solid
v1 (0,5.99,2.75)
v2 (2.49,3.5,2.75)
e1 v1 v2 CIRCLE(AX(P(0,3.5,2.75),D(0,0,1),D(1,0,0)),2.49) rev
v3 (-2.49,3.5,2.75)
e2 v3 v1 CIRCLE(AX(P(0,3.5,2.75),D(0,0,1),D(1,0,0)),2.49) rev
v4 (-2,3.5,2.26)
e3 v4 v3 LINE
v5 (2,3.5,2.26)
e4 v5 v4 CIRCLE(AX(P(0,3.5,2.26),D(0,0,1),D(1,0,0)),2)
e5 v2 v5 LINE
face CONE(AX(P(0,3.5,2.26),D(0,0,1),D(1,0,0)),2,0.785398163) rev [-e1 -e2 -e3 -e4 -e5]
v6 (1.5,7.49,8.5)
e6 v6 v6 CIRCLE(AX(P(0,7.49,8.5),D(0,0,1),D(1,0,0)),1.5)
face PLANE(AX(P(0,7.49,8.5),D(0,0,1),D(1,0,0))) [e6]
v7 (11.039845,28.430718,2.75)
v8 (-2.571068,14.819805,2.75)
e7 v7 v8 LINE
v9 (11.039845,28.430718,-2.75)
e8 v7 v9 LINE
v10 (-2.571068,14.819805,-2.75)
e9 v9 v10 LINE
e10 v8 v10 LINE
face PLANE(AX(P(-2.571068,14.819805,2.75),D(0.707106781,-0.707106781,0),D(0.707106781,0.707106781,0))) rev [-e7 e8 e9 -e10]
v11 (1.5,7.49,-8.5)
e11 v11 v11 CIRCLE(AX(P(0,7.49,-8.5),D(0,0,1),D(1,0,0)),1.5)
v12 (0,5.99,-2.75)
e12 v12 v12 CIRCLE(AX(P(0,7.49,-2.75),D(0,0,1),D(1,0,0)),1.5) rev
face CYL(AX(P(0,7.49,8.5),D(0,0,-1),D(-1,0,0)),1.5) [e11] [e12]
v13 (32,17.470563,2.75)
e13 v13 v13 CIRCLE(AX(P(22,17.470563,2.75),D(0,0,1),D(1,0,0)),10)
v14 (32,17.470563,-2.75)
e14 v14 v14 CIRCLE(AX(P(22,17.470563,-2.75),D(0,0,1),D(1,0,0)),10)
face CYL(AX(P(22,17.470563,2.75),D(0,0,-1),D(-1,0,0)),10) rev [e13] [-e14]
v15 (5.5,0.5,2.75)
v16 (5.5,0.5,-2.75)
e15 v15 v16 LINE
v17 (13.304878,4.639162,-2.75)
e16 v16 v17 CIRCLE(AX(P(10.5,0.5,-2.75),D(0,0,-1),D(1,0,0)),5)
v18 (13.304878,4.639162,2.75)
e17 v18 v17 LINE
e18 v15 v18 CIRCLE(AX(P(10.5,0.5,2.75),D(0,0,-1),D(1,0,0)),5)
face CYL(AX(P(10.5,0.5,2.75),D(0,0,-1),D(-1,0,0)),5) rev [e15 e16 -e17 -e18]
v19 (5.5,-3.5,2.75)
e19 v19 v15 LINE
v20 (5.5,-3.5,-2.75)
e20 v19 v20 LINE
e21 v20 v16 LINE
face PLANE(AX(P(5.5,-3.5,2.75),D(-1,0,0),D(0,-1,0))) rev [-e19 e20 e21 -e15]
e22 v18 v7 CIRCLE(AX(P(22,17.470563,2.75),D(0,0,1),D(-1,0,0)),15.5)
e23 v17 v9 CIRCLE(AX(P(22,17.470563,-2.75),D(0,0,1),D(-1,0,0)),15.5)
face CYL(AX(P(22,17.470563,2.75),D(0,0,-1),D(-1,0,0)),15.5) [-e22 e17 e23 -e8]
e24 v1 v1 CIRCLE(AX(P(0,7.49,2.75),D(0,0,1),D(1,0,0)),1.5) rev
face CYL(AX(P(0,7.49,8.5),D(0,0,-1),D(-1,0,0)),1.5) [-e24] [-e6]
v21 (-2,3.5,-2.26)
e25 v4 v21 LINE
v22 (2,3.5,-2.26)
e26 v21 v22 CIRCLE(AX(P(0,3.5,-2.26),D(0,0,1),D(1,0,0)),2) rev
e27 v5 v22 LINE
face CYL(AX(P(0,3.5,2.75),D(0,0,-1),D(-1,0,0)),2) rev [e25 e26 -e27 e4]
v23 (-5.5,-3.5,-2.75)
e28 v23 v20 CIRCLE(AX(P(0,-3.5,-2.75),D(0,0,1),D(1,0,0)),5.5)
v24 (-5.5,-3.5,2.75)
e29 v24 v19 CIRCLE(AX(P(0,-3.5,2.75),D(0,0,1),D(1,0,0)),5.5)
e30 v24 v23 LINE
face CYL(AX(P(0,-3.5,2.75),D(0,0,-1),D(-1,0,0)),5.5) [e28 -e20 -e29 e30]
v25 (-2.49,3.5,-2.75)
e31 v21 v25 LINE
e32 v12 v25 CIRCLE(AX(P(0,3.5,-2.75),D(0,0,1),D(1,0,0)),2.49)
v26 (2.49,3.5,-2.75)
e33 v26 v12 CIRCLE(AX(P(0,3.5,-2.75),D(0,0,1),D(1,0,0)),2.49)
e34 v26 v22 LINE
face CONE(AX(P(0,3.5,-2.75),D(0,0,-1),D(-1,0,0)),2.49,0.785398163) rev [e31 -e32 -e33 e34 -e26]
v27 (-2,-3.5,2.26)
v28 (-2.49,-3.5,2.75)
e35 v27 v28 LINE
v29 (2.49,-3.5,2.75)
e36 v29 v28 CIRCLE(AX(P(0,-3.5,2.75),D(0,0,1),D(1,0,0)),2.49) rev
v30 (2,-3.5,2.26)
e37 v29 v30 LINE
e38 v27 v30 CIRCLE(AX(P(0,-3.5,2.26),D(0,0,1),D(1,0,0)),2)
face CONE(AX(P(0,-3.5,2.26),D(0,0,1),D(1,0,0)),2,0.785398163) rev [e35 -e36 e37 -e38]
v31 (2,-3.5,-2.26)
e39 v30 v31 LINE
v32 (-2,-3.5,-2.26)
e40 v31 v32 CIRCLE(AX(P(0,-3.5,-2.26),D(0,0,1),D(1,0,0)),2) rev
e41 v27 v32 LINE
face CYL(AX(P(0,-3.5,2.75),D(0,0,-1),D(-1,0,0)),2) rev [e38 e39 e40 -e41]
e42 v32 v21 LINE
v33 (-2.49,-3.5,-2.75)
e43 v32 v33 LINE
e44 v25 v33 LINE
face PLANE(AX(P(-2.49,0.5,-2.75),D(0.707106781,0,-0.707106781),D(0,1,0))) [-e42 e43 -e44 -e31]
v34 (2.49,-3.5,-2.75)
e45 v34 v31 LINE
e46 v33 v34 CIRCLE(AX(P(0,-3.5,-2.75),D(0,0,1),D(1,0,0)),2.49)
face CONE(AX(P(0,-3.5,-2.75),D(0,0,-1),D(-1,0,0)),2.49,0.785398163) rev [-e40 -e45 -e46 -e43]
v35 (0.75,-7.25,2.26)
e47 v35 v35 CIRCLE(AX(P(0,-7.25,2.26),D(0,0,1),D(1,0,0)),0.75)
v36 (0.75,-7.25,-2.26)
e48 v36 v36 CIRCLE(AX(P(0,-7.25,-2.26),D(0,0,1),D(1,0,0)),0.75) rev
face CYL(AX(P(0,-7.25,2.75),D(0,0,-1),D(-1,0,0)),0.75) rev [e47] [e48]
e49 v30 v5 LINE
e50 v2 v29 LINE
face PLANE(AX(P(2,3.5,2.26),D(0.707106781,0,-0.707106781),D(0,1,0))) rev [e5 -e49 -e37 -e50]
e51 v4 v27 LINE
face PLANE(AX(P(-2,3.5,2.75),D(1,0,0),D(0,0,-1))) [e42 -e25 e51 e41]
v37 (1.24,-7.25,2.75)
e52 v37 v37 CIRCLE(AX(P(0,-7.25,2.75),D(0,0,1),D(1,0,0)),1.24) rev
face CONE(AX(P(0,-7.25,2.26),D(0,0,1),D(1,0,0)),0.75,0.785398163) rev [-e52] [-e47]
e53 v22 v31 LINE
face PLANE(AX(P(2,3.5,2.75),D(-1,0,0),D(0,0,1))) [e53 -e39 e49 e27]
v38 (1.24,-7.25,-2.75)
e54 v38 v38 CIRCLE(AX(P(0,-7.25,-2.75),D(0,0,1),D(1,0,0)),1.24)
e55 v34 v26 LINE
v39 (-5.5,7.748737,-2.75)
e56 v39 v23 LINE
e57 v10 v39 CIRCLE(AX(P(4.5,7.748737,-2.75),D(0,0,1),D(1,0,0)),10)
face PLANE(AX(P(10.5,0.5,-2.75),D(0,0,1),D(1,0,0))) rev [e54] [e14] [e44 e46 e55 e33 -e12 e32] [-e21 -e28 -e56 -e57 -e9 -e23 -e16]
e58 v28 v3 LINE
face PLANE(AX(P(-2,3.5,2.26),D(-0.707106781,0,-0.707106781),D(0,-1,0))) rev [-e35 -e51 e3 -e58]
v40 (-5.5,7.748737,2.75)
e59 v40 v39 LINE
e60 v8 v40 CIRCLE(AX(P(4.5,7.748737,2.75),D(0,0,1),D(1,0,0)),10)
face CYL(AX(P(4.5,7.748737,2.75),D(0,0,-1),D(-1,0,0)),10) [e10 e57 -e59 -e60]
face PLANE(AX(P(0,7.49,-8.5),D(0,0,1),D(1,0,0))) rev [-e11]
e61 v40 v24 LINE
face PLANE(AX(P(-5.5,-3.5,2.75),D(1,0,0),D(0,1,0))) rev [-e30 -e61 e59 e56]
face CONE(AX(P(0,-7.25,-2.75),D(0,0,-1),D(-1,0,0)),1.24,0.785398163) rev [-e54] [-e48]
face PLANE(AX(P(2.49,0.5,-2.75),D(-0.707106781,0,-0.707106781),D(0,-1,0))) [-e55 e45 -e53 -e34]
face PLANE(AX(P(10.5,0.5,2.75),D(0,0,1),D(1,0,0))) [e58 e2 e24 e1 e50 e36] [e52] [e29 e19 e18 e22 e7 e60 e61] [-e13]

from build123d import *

# Parameters (mm, degrees)
ESQUISSE1_R        = 10
ESQUISSE1_R_2      = 0.75
BOSS_EXTRU_1_DEPTH = 2.75
CHANFREIN1_SIZE    = 0.49
CHANFREIN2_SIZE    = 0.49
ESQUISSE2_R        = 1.5
BOSS_EXTRU_2_DEPTH = 8.5


with BuildPart() as part:
    # Esquisse1 → Boss.-Extru.1 (new, symmetric)
    with BuildSketch(Plane.XY):
        with BuildLine():
            Line((5.5, -3.5), (5.5, 0.5))
            ThreePointArc((5.5, 0.5), (8.157393572, 4.917261043), (13.304878049, 4.639161646))
            ThreePointArc((13.304878049, 4.639161646), (37.430230582, 18.939570643), (11.039844892, 28.430717857))
            Line((11.039844892, 28.430717857), (-2.571067812, 14.819805153))
            ThreePointArc((-2.571067812, 14.819805153), (-4.738795325, 11.575571665), (-5.5, 7.748737342))
            Line((-5.5, 7.748737342), (-5.5, -3.5))
            ThreePointArc((-5.5, -3.5), (0, -9), (5.5, -3.5))
        make_face()
        with Locations((22, 17.470562748)):
            Circle(ESQUISSE1_R, mode=Mode.SUBTRACT)
        with Locations((0, -7.25)):
            Circle(ESQUISSE1_R_2, mode=Mode.SUBTRACT)
        with BuildLine():
            Line((2, 3.5), (2, -3.5))
            ThreePointArc((2, -3.5), (0, -5.5), (-2, -3.5))
            Line((-2, -3.5), (-2, 3.5))
            ThreePointArc((-2, 3.5), (0, 5.5), (2, 3.5))
        make_face(mode=Mode.SUBTRACT)
    extrude(amount=BOSS_EXTRU_1_DEPTH, both=True)

    # Chanfrein1
    chanfrein1_edges = [part.edges().sort_by_distance(p)[0] for p in [
        (0, 5.5, 2.75),
        (-2, 0, 2.75),
        (0, -5.5, 2.75),
        (2, 0, 2.75),
        (-0.75, -7.25, 2.75),
    ]]
    chamfer(chanfrein1_edges, length=CHANFREIN1_SIZE)

    # Chanfrein2
    chanfrein2_edges = [part.edges().sort_by_distance(p)[0] for p in [
        (0, 5.5, -2.75),
        (-2, 0, -2.75),
        (0, -5.5, -2.75),
        (2, 0, -2.75),
        (-0.75, -7.25, -2.75),
    ]]
    chamfer(chanfrein2_edges, length=CHANFREIN2_SIZE)

    # Esquisse2 → Boss.-Extru.2 (add, symmetric)
    with BuildSketch(Plane.XY):
        with Locations(Location((0, 7.49, 0), (0, 0, 270.000522617))):
            Circle(ESQUISSE2_R)
    extrude(amount=BOSS_EXTRU_2_DEPTH, both=True)


solid = part.part
